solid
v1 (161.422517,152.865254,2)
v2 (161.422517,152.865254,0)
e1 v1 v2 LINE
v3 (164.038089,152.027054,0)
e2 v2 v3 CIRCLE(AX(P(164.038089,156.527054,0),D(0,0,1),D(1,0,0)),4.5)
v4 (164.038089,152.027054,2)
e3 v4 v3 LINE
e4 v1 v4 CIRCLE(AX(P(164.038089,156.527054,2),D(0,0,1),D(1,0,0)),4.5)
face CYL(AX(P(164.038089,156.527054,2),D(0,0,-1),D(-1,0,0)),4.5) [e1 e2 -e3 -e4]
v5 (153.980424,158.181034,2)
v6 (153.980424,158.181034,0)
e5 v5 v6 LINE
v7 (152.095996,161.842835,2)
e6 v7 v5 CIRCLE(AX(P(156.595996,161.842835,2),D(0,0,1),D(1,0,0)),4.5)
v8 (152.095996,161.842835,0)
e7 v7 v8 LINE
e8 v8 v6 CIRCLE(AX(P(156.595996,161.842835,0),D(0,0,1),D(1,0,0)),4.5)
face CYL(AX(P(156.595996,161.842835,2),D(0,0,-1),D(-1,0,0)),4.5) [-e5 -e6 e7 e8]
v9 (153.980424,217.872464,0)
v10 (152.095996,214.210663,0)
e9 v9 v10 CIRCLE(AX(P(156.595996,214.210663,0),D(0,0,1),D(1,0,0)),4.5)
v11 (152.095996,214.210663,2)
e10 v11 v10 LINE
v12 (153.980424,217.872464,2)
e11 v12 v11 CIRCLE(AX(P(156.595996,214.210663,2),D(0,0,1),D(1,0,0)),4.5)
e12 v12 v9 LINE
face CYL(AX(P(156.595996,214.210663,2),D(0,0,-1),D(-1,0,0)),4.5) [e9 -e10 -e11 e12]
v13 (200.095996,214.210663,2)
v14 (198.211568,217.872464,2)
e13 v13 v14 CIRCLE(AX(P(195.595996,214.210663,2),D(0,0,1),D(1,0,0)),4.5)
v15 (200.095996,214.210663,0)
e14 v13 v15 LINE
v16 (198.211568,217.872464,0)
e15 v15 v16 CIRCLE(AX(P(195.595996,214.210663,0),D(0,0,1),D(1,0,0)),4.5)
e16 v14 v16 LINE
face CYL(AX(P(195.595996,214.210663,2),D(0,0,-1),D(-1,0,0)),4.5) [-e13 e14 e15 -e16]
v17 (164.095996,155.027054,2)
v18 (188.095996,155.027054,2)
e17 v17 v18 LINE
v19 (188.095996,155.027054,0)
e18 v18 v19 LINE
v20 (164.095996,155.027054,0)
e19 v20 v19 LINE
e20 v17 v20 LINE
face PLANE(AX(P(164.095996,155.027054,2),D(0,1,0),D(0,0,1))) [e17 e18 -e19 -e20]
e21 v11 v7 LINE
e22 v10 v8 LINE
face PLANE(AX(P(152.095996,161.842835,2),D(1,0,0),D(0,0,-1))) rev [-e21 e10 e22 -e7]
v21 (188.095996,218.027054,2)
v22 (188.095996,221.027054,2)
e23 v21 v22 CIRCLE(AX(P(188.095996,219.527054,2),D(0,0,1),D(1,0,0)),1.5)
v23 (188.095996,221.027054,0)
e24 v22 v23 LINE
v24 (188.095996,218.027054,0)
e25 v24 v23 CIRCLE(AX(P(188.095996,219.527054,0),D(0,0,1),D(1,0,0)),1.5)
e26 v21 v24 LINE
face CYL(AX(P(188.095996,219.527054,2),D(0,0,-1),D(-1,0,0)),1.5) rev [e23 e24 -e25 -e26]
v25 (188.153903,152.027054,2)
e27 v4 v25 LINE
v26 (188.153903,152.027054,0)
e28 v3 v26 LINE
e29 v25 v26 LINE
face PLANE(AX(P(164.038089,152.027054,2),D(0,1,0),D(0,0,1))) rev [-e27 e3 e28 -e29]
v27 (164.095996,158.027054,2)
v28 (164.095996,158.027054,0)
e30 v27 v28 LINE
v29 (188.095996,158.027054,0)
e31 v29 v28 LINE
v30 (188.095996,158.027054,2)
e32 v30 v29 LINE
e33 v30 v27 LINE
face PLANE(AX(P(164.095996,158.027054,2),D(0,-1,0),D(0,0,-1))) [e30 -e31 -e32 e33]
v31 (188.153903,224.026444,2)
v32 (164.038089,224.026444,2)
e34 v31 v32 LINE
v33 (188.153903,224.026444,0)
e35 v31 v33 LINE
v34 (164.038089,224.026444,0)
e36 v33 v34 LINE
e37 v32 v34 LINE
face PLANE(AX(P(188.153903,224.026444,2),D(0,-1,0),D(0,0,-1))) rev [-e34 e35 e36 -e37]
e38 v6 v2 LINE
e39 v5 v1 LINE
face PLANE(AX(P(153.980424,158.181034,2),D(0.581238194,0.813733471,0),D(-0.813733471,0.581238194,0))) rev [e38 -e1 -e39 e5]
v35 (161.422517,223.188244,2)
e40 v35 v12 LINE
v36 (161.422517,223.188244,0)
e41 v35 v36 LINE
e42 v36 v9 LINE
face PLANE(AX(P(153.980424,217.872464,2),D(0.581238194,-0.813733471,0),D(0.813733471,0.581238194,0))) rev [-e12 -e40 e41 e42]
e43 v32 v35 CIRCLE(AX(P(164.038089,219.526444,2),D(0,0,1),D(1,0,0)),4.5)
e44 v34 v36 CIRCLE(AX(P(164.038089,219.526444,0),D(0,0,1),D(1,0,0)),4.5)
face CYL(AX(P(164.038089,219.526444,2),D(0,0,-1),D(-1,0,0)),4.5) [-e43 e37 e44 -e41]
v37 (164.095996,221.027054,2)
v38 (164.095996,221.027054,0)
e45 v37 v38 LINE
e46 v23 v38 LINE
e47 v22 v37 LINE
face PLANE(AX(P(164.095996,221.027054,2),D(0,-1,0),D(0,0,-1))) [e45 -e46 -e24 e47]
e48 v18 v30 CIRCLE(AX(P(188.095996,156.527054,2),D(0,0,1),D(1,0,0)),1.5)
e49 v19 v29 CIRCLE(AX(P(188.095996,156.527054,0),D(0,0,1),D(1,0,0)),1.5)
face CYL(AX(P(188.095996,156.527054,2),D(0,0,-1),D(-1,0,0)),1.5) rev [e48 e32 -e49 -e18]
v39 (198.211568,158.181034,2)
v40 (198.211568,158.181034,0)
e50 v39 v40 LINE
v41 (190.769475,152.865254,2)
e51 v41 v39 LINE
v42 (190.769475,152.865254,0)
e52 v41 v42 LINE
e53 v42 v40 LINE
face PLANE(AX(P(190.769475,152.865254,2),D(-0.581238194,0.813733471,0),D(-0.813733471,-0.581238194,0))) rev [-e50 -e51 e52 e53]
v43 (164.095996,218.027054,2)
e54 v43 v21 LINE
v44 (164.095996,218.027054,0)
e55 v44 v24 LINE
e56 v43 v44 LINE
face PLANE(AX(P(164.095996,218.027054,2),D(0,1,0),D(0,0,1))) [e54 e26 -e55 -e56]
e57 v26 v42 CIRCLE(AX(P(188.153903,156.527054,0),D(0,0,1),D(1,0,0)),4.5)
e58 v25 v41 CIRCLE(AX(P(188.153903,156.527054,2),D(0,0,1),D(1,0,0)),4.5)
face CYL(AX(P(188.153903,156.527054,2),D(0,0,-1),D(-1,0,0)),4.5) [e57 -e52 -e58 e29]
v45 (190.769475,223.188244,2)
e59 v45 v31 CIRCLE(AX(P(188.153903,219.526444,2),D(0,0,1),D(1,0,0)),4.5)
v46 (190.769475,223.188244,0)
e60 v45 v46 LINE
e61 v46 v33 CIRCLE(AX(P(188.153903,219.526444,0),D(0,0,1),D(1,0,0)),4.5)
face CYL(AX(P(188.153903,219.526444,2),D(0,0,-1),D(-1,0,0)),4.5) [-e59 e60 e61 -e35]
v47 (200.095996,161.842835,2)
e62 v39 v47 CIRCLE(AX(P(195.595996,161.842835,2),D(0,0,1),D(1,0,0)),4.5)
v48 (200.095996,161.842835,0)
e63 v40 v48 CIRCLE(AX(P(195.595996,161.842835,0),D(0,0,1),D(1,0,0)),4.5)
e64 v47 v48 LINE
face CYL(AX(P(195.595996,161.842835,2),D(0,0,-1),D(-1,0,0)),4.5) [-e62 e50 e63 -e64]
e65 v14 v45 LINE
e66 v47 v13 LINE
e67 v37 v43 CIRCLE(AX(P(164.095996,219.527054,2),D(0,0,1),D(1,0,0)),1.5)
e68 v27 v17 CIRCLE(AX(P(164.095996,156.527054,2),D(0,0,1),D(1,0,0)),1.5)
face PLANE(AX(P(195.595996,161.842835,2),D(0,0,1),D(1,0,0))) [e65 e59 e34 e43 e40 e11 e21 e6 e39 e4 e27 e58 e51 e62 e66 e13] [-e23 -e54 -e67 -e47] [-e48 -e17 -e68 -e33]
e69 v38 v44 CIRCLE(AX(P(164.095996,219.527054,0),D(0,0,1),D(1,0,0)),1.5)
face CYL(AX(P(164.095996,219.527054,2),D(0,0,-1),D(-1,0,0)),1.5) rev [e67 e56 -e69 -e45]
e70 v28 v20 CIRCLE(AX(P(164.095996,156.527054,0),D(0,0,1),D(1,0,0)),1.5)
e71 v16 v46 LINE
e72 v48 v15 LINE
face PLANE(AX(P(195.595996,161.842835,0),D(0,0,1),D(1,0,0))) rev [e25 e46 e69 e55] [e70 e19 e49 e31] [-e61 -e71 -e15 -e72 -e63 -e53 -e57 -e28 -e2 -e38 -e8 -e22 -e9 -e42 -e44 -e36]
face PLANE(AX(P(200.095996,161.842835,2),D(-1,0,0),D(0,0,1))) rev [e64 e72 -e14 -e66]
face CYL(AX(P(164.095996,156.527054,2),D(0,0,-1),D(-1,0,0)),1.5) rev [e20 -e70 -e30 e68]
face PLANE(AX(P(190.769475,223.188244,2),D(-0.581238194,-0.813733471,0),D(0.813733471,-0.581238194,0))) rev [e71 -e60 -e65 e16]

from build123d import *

# Parameters (mm, degrees)
EXTRUIR1_DEPTH = 2


with BuildPart() as part:
    # Croquis1 → Extruir1 (new body)
    with BuildSketch(Plane.XY):
        with BuildLine():
            Line((200.095995896, 161.842834793), (200.095995896, 214.210663326))
            ThreePointArc((200.095995896, 214.210663326), (199.597250288, 216.26978044), (198.211567768, 217.872463947))
            Line((198.211567768, 217.872463947), (190.769475027, 223.188244475))
            ThreePointArc((190.769475027, 223.188244475), (189.527201595, 223.811773643), (188.153903155, 224.026443855))
            Line((188.153903155, 224.026443855), (164.038088636, 224.026443855))
            ThreePointArc((164.038088636, 224.026443855), (162.664790197, 223.811773643), (161.422516764, 223.188244475))
            Line((161.422516764, 223.188244475), (153.980424024, 217.872463947))
            ThreePointArc((153.980424024, 217.872463947), (152.594741504, 216.26978044), (152.095995896, 214.210663326))
            Line((152.095995896, 214.210663326), (152.095995896, 161.842834793))
            ThreePointArc((152.095995896, 161.842834793), (152.594741504, 159.783717679), (153.980424024, 158.181034173))
            Line((153.980424024, 158.181034173), (161.422516764, 152.865253644))
            ThreePointArc((161.422516764, 152.865253644), (162.664790197, 152.241724476), (164.038088636, 152.027054264))
            Line((164.038088636, 152.027054264), (188.153903155, 152.027054264))
            ThreePointArc((188.153903155, 152.027054264), (189.527201595, 152.241724476), (190.769475027, 152.865253644))
            Line((190.769475027, 152.865253644), (198.211567768, 158.181034173))
            ThreePointArc((198.211567768, 158.181034173), (199.597250288, 159.783717679), (200.095995896, 161.842834793))
        make_face()
        with BuildLine():
            Line((164.095995896, 158.027054265), (188.095995896, 158.027054265))
            ThreePointArc((188.095995896, 158.027054265), (189.595995896, 156.527054264), (188.095995896, 155.027054265))
            Line((188.095995896, 155.027054265), (164.095995896, 155.027054265))
            ThreePointArc((164.095995896, 155.027054265), (162.595995896, 156.527054264), (164.095995896, 158.027054265))
        make_face(mode=Mode.SUBTRACT)
        with BuildLine():
            Line((164.095995896, 221.027054265), (188.095995896, 221.027054265))
            ThreePointArc((188.095995896, 221.027054265), (189.595995896, 219.527054264), (188.095995896, 218.027054265))
            Line((188.095995896, 218.027054265), (164.095995896, 218.027054265))
            ThreePointArc((164.095995896, 218.027054265), (162.595995896, 219.527054264), (164.095995896, 221.027054265))
        make_face(mode=Mode.SUBTRACT)
    extrude(amount=EXTRUIR1_DEPTH)


solid = part.part
